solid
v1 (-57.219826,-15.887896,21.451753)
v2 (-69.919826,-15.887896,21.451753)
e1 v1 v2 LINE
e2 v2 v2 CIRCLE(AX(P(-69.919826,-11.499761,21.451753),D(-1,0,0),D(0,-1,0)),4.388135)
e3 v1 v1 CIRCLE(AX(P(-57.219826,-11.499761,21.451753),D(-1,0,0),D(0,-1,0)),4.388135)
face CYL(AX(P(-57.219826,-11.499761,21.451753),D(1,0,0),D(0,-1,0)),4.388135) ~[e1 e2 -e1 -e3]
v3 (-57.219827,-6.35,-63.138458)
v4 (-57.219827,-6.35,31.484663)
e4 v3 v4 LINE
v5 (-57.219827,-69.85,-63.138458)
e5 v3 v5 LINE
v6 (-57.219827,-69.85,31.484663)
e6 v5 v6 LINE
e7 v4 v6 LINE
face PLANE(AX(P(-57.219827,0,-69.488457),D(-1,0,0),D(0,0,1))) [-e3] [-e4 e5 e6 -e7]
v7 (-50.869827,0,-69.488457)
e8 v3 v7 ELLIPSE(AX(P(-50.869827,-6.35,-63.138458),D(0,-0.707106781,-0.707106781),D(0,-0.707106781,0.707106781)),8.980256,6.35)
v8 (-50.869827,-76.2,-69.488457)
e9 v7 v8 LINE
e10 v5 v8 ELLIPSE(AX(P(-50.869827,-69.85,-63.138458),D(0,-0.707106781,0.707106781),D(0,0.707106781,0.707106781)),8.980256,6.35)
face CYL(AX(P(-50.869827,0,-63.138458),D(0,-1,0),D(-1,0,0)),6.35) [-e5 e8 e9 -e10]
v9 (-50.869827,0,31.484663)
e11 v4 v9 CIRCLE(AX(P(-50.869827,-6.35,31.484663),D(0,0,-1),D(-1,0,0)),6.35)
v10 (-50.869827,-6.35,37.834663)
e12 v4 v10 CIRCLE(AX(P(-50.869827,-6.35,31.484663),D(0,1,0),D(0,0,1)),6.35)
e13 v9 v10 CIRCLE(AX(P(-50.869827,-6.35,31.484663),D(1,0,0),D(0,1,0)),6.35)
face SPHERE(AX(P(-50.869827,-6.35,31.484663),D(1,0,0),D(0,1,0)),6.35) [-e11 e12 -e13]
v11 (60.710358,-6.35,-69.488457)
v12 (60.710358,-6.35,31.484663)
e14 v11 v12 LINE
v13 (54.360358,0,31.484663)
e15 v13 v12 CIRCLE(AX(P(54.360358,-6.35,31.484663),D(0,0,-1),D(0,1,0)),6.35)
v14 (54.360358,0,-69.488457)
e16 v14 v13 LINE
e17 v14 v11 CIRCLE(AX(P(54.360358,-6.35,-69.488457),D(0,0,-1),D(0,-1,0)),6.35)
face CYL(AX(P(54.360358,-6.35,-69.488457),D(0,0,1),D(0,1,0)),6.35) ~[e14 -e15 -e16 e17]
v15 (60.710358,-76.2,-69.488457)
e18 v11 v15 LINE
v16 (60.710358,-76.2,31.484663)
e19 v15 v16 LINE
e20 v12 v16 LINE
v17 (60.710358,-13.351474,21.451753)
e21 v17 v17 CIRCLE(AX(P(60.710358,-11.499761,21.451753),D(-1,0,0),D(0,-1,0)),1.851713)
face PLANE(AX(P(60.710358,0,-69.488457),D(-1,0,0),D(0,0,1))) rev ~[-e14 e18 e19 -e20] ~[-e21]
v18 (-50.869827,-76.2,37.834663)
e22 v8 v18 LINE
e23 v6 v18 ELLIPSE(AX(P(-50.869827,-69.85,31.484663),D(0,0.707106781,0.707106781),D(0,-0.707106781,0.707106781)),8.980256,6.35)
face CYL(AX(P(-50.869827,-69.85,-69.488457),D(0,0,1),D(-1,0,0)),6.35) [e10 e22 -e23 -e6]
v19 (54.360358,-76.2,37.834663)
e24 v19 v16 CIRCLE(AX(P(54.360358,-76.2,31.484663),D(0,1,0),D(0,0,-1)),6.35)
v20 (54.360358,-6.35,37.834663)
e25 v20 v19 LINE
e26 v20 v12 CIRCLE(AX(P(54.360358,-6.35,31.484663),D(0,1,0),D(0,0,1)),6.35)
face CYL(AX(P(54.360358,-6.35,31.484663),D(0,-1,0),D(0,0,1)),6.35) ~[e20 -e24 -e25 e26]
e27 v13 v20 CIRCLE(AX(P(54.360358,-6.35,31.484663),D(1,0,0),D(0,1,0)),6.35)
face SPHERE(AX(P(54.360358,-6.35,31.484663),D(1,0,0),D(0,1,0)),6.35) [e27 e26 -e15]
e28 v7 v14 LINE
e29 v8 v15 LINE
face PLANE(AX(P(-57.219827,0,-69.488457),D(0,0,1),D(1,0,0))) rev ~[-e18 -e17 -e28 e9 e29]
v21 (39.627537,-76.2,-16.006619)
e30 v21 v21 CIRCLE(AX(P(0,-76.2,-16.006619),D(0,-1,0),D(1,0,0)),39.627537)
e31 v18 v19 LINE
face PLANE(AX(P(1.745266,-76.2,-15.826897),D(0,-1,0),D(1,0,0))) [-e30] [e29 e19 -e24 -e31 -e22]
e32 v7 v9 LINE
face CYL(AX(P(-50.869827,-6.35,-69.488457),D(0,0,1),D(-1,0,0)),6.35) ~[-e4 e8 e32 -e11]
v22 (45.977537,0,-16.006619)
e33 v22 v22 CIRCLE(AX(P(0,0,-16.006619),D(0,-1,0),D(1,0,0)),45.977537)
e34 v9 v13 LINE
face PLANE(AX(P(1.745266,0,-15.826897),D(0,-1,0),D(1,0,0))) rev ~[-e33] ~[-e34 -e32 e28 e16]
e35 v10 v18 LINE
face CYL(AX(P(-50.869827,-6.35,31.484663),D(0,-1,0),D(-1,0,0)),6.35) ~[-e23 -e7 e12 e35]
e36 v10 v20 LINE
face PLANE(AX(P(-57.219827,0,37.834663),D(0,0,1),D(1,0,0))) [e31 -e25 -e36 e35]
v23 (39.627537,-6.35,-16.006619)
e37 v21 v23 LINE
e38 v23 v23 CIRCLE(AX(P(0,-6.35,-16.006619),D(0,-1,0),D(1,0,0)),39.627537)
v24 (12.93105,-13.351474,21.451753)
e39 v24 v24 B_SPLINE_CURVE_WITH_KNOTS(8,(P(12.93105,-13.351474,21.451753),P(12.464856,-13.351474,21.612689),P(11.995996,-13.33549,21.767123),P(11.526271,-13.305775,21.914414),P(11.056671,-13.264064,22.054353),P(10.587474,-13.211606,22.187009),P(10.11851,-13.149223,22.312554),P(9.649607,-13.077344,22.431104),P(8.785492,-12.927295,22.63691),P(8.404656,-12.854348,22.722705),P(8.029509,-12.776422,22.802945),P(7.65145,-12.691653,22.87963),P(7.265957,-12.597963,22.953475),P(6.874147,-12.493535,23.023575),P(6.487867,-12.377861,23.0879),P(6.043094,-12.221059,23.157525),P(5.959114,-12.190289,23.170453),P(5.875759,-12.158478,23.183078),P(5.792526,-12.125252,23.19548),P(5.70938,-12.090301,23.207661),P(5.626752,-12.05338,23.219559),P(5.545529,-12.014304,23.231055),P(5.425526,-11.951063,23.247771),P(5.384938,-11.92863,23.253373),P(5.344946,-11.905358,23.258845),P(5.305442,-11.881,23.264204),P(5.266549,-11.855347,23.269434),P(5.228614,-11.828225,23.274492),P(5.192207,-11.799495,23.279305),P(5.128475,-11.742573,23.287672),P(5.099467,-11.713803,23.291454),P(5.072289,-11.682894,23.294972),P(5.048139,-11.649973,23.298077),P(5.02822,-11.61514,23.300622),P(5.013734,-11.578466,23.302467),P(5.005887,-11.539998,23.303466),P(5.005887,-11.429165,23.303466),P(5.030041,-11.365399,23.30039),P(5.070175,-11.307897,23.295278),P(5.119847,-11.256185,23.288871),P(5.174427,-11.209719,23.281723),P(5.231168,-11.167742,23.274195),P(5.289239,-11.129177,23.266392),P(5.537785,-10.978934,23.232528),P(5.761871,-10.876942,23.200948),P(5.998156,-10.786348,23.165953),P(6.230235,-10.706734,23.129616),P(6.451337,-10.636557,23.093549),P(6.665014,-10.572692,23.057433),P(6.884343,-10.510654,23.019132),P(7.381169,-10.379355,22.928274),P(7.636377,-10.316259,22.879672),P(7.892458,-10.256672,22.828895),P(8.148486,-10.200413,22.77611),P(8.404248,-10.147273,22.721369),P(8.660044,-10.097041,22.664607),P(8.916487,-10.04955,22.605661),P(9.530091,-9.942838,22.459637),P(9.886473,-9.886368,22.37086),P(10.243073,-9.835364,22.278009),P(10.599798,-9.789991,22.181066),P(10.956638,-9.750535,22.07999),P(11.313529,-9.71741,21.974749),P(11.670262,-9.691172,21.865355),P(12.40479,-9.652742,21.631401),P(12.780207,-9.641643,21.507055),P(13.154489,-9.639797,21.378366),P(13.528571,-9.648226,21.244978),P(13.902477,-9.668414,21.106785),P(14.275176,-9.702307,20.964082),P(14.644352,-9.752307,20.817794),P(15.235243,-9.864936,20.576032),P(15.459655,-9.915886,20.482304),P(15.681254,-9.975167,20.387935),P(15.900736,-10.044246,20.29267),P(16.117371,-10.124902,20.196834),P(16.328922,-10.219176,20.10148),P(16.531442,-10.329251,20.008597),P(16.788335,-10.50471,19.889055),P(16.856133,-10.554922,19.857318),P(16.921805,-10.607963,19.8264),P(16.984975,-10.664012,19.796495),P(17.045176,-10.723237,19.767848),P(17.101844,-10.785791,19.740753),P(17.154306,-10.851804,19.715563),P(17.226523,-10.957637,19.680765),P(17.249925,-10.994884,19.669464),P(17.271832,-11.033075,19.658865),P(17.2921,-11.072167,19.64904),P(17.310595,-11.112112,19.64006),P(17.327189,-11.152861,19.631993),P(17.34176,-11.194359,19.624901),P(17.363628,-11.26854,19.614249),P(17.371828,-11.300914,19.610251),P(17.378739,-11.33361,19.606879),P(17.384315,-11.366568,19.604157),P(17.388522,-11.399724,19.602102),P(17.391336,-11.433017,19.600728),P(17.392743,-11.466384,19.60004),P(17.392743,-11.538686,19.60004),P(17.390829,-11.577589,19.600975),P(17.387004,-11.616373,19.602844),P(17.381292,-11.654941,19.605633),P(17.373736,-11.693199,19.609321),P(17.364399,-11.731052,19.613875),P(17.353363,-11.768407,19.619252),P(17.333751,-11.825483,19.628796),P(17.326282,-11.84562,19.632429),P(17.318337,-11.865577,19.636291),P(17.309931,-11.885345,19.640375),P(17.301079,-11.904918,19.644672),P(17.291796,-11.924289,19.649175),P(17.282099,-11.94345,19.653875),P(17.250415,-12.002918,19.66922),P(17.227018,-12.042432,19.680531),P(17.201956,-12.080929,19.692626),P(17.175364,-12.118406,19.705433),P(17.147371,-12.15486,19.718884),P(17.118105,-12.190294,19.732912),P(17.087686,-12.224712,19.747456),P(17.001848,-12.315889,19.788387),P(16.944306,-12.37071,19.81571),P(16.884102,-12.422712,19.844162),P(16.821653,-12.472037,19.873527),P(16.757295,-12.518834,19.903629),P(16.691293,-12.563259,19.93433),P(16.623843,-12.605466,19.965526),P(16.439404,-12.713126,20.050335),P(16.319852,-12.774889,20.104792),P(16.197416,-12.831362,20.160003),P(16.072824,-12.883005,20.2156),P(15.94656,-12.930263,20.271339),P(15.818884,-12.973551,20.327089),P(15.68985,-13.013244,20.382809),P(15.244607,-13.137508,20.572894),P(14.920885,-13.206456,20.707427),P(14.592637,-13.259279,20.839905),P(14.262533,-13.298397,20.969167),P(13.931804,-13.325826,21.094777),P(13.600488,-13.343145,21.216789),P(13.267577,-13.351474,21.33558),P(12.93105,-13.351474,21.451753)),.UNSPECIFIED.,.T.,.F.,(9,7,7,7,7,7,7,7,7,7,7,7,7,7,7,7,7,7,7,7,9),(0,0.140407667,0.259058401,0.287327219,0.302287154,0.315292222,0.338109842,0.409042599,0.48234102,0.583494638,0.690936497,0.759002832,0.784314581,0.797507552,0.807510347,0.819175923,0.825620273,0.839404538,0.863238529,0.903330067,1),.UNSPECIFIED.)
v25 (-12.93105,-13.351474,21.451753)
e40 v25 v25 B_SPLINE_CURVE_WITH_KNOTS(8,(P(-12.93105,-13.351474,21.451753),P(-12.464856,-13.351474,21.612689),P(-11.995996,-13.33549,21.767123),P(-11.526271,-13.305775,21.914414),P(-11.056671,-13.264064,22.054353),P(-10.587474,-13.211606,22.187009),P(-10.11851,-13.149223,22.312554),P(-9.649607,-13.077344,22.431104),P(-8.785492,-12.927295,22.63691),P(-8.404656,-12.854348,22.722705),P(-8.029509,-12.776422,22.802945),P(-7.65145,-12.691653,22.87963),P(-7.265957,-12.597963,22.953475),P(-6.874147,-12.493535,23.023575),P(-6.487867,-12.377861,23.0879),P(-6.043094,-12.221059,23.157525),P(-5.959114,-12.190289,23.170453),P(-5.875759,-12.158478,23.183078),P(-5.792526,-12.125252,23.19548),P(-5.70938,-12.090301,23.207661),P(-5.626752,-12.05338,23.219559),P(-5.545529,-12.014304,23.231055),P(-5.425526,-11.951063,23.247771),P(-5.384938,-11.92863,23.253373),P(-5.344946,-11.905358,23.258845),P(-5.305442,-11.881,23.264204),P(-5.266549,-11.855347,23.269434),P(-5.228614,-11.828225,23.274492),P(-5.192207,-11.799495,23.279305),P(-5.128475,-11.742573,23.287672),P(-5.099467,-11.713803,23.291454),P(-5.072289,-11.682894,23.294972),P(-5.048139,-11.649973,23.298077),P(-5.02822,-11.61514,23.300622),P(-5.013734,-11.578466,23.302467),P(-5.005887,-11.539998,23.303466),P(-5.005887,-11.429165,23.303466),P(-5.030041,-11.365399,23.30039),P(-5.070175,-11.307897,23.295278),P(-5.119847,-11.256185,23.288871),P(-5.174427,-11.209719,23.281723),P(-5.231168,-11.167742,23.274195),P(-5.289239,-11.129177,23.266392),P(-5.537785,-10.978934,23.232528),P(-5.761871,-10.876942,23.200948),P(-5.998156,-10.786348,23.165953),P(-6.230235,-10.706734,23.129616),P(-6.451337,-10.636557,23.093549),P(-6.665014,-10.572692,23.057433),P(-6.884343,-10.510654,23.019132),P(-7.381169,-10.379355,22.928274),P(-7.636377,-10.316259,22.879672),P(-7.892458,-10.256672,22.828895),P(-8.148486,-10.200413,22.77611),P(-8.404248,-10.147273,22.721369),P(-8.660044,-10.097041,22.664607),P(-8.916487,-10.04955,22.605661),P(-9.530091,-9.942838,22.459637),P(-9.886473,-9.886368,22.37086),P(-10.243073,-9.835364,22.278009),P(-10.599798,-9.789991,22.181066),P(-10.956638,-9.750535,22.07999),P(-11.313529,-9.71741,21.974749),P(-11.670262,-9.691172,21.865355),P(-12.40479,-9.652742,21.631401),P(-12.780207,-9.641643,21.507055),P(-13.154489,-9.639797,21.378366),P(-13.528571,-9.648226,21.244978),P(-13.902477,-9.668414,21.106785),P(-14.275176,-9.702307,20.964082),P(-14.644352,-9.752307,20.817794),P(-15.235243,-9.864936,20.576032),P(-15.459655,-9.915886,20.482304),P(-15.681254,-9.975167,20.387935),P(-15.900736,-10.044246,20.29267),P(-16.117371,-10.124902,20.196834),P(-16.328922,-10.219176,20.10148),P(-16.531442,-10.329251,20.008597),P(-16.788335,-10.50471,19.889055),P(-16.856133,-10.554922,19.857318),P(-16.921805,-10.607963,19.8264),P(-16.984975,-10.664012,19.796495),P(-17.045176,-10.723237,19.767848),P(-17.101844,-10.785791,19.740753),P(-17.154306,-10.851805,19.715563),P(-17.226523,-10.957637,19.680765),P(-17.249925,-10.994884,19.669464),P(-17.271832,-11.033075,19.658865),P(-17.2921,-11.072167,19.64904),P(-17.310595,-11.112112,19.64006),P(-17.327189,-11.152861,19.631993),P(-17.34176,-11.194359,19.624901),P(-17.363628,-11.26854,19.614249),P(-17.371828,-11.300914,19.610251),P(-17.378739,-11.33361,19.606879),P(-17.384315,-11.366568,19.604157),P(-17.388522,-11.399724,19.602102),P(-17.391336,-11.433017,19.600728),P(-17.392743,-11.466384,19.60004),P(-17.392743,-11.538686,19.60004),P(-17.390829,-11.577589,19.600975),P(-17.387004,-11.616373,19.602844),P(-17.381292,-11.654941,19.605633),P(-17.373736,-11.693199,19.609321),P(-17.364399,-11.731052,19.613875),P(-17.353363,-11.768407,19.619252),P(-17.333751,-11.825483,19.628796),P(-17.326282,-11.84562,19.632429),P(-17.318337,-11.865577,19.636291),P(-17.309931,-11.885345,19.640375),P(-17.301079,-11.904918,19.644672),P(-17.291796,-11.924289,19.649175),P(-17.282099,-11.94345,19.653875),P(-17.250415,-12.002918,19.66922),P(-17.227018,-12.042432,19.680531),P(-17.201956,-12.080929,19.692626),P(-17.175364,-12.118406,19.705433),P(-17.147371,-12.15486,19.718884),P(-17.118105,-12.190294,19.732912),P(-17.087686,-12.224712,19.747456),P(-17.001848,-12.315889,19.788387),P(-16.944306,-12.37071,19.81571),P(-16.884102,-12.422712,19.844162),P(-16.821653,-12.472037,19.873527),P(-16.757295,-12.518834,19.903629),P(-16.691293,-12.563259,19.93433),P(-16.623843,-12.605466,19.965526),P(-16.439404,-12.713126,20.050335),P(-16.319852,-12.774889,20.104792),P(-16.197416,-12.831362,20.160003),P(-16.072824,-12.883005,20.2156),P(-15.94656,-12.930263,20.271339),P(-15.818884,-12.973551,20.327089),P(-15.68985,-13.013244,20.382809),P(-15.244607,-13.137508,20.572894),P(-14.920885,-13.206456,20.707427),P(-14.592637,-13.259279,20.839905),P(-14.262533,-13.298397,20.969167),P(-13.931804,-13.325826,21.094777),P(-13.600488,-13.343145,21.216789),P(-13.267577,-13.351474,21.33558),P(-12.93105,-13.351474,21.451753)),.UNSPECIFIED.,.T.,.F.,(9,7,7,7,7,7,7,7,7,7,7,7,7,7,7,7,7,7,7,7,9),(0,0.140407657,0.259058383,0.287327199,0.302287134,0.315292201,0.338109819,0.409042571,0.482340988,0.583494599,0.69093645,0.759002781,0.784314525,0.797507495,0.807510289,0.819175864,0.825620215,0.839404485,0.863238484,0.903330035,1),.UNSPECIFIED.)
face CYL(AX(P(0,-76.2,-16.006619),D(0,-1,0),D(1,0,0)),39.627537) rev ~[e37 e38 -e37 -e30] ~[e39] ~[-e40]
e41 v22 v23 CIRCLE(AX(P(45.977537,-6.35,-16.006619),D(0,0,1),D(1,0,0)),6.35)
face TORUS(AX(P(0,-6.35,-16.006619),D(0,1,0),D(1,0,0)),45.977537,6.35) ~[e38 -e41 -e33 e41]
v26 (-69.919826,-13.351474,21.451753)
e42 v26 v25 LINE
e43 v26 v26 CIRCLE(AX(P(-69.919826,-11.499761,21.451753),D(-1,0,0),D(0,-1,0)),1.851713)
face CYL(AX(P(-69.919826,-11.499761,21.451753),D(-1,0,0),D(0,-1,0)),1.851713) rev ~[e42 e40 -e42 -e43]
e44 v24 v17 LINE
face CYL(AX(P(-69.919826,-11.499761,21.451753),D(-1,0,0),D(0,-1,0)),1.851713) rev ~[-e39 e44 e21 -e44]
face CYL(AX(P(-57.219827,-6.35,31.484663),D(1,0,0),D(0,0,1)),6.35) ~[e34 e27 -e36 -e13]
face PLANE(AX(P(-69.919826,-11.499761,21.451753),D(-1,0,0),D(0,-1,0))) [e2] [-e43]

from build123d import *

# Parameters (mm, degrees)
F0_W     = 117.930185
F0_H     = 107.323121
F1_DEPTH = 76.2
F2_R     = 39.627537
F3_DEPTH = 76.2
F4_R     = 6.35
F5_R     = 6.35
F6_R     = 4.388135
F7_DEPTH = 12.7
F8_R     = 1.851713
F9_DEPTH = 152.4


with BuildPart() as f1:
    # F0 (on Front) → F1 (new body)
    with BuildSketch(Plane.XZ):
        with Locations((1.745266, -15.826897)):
            Rectangle(F0_W, F0_H)
    extrude(amount=F1_DEPTH)

    # F2 (on face) → F3 (cut)
    with BuildSketch(Plane.XZ.offset(76.2)):
        with Locations((0, -16.006619)):
            Circle(F2_R)
    extrude(amount=-F3_DEPTH, mode=Mode.SUBTRACT)

    # F4
    f4_edges = [f1.edges().sort_by_distance(p)[0] for p in [
        (1.745267, 0, 37.834663),
        (-39.627537, 0, -16.006619),
    ]]
    fillet(f4_edges, radius=F4_R)

    # F5
    f5_edges = [f1.edges().sort_by_distance(p)[0] for p in [
        (60.710359, 0, -19.001898),
        (-57.219826, -41.275, 37.834663),
        (-57.219826, -1.859872, 35.974791),
        (-57.219826, -76.2, -15.826898),
        (-57.219826, 0, -19.001898),
        (-57.219826, -38.1, -69.488458),
    ]]
    fillet(f5_edges, radius=F5_R)

    # F6 (on face) → F7 (join)
    with BuildSketch(Plane(origin=(-57.219826, 0, 0), x_dir=(0, -1, 0), z_dir=(-1, 0, 0))):
        with Locations((11.499761, 21.451753)):
            Circle(F6_R)
    extrude(amount=F7_DEPTH)

    # F8 (on face) → F9 (cut)
    with BuildSketch(Plane(origin=(-69.919826, 0, 0), x_dir=(0, -1, 0), z_dir=(-1, 0, 0))):
        with Locations((11.499761, 21.451753)):
            Circle(F8_R)
    extrude(amount=-F9_DEPTH, mode=Mode.SUBTRACT)


solid = f1.part
